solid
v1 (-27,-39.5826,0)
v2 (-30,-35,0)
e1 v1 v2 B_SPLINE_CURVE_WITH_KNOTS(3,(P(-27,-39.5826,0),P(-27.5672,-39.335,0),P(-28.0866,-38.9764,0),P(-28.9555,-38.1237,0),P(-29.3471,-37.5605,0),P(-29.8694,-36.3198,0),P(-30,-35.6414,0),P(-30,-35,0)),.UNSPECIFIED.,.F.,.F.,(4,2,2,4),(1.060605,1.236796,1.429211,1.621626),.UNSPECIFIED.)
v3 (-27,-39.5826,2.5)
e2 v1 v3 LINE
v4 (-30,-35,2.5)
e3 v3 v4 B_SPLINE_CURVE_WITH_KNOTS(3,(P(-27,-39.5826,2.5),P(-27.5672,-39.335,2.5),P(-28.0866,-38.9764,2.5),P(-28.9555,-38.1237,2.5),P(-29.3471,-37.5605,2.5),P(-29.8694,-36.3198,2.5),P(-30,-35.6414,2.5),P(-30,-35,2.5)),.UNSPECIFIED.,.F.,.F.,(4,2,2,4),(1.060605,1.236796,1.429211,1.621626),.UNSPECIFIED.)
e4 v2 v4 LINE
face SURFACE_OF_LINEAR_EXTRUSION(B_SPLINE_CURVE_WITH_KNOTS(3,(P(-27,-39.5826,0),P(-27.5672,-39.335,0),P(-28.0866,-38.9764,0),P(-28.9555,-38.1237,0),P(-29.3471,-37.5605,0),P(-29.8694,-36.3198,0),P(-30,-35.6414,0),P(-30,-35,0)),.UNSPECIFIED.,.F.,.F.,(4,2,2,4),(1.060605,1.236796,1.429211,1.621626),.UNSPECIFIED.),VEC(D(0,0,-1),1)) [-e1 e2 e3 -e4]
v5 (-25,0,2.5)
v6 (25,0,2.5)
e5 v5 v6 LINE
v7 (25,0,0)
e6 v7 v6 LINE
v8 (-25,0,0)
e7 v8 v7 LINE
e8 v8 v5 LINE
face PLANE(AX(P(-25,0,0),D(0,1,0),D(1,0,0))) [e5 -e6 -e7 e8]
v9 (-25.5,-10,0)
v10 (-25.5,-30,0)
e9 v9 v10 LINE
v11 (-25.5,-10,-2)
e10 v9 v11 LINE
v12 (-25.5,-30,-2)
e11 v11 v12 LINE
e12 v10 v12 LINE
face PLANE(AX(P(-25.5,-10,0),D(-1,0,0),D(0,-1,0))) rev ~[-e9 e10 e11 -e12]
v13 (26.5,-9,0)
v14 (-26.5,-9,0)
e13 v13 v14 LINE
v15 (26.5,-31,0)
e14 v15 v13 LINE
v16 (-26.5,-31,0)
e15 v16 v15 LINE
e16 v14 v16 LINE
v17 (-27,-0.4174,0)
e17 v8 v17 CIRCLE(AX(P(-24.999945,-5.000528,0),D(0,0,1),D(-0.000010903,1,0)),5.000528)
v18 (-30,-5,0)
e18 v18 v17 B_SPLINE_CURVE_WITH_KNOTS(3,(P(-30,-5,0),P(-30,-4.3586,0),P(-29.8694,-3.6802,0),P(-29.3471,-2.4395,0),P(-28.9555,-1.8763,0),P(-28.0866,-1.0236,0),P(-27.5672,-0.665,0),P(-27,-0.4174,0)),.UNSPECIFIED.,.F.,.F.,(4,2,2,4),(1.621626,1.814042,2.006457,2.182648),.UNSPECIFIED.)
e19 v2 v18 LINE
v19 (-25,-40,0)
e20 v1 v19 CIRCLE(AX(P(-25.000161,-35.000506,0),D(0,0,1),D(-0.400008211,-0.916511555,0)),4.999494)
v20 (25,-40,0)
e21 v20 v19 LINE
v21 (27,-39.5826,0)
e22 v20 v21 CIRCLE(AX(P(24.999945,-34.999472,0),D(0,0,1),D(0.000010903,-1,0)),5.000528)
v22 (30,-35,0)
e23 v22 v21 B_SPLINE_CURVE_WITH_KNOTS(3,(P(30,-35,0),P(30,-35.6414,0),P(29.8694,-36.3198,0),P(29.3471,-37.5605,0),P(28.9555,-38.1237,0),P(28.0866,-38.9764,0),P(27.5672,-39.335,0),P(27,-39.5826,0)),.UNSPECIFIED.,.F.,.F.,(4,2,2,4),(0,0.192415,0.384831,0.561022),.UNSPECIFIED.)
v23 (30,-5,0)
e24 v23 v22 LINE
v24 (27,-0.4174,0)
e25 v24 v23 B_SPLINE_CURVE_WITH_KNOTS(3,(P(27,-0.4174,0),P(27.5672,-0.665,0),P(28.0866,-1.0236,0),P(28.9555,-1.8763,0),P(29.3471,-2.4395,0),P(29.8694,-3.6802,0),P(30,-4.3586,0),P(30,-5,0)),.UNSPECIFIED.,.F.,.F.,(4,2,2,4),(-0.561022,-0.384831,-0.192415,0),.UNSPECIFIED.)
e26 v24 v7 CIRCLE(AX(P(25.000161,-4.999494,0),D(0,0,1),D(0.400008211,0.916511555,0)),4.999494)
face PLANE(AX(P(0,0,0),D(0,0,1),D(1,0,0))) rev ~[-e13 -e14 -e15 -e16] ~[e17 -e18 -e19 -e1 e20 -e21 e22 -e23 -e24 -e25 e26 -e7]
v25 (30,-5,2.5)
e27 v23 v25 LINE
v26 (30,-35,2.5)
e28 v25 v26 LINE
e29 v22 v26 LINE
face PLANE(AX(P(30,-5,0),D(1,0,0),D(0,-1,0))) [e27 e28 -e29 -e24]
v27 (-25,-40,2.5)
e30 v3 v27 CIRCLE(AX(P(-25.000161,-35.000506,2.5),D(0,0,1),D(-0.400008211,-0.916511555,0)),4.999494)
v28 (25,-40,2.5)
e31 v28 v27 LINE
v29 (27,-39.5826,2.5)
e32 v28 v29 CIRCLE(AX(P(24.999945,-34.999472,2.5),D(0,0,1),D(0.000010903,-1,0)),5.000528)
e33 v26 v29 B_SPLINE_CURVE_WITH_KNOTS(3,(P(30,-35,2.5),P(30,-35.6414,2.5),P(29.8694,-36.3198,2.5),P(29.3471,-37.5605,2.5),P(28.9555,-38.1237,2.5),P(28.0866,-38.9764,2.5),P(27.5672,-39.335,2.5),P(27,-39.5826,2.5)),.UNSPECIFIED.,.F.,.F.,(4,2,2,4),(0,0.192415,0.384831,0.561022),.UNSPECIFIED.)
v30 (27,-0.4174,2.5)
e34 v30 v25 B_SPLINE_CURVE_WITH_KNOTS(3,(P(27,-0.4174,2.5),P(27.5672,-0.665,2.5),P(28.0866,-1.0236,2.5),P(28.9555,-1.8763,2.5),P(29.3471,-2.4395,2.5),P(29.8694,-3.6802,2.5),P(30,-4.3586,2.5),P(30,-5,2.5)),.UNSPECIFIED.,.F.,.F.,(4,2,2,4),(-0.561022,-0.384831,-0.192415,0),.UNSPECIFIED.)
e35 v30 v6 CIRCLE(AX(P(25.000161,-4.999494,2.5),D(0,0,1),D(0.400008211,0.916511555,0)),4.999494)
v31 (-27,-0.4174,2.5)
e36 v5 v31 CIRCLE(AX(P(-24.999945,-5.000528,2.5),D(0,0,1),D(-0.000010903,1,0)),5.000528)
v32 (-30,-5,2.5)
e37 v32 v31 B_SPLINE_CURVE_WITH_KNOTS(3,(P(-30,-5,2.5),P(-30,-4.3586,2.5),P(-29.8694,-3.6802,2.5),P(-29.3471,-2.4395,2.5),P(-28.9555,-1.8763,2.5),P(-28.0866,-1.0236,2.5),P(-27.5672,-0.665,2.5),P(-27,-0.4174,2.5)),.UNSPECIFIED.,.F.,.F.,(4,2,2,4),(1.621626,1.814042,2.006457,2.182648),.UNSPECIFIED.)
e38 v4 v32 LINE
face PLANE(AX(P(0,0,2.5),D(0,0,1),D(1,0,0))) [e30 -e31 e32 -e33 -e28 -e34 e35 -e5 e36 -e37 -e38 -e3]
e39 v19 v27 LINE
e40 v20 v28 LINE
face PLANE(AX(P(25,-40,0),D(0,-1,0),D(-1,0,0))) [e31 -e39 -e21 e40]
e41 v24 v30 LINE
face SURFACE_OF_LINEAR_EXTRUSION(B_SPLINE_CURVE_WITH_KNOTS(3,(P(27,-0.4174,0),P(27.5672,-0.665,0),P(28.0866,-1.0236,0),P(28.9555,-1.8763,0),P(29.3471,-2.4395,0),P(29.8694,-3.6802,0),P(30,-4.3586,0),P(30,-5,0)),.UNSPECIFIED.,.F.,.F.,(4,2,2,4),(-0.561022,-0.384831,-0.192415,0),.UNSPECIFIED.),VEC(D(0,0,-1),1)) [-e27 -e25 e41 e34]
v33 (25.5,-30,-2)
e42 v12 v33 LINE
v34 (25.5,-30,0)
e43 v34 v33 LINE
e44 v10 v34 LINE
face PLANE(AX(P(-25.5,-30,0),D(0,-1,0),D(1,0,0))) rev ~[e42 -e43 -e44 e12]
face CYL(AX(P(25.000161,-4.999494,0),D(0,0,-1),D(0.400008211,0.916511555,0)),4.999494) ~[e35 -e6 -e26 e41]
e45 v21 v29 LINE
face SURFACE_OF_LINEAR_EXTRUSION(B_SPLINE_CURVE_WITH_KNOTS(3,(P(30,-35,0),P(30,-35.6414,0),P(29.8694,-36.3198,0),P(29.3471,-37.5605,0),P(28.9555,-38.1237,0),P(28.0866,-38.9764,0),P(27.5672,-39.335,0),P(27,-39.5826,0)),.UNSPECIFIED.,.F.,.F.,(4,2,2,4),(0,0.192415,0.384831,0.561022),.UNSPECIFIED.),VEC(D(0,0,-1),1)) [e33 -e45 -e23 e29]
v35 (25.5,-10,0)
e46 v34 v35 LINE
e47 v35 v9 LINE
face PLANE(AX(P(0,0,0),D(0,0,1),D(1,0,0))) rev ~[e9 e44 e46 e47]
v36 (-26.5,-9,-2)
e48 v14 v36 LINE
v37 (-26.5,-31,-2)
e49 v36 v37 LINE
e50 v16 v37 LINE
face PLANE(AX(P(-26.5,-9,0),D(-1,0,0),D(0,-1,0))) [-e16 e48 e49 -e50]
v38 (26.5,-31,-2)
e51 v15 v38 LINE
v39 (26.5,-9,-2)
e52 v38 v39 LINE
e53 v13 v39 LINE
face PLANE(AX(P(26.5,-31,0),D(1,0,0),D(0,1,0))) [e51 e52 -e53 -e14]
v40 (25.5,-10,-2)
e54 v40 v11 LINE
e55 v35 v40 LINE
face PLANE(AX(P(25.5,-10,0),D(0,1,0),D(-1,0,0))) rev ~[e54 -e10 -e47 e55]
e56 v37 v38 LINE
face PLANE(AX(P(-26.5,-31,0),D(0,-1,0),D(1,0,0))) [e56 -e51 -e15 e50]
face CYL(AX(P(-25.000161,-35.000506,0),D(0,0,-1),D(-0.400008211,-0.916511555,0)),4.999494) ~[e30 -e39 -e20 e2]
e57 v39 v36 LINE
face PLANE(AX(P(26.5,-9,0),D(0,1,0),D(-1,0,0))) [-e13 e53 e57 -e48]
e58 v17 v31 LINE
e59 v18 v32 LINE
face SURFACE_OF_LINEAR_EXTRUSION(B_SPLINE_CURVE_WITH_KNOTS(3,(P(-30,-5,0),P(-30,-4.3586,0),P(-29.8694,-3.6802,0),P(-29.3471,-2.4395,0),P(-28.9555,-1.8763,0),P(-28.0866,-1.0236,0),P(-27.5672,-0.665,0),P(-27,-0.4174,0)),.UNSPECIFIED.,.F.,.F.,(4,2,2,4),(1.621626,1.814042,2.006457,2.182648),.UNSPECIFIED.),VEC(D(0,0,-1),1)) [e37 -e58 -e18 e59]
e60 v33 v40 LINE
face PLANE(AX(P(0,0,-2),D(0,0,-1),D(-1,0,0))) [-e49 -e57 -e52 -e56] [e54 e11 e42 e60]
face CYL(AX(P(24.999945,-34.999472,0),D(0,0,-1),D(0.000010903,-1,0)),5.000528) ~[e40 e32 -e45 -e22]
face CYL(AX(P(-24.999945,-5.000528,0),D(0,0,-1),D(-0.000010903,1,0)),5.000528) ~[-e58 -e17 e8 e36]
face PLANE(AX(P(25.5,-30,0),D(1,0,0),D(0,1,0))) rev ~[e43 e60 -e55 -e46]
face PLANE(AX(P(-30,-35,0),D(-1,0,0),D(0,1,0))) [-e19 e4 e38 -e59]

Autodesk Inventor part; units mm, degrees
ref_plane "YZ Plane" through (0, 0, 0) normal (1, 0, 0) x (0, 1, 0)
ref_plane "XZ Plane" through (0, 0, 0) normal (0, 1, 0) x (-1, 0, 0)
ref_plane "XY Plane" through (0, 0, 0) normal (0, 0, 1) x (1, 0, 0)
sketch "Sketch1" plane through (0, 0, 0) normal (0, 0, 1) x (1, 0, 0)
  spline S0 degree 3 poles (-30, -5) (-30, -4.3586) (-29.8694, -3.6802) (-29.3471, -2.4395) (-28.9555, -1.8763) (-28.0866, -1.0236) (-27.5672, -0.665) (-27, -0.4174) knots 1.621626 1.621626 1.621626 1.621626 1.814042 1.814042 2.006457 2.006457 2.182648 2.182648 2.182648 2.182648 projected
  line L0 (-25, 0) -> (25, 0) projected
  spline S1 degree 3 poles (27, -0.4174) (27.5672, -0.665) (28.0866, -1.0236) (28.9555, -1.8763) (29.3471, -2.4395) (29.8694, -3.6802) (30, -4.3586) (30, -5) knots -0.561022 -0.561022 -0.561022 -0.561022 -0.384831 -0.384831 -0.192415 -0.192415 0 0 0 0 projected
  line L1 (30, -5) -> (30, -35) projected
  spline S2 degree 3 poles (30, -35) (30, -35.6414) (29.8694, -36.3198) (29.3471, -37.5605) (28.9555, -38.1237) (28.0866, -38.9764) (27.5672, -39.335) (27, -39.5826) knots 0 0 0 0 0.192415 0.192415 0.384831 0.384831 0.561022 0.561022 0.561022 0.561022 projected
  line L2 (25, -40) -> (-25, -40) projected
  line L3 (-30, -35) -> (-30, -5) projected
  spline S3 degree 3 poles (-27, -39.5826) (-27.5672, -39.335) (-28.0866, -38.9764) (-28.9555, -38.1237) (-29.3471, -37.5605) (-29.8694, -36.3198) (-30, -35.6414) (-30, -35) knots 1.060605 1.060605 1.060605 1.060605 1.236796 1.236796 1.429211 1.429211 1.621626 1.621626 1.621626 1.621626 projected
  arc A0 (-25, 0) -> (-27, -0.4174) centre (-25, -5) ccw projected
  arc A1 (27, -0.4174) -> (25, 0) centre (25, -5) ccw projected
  arc A2 (25, -40) -> (27, -39.5826) centre (25, -35) ccw projected
  arc A3 (-27, -39.5826) -> (-25, -40) centre (-25, -35) ccw projected
  point P0 (0, 0)
  dimension "d8" = 60
  dimension "d9" = 40
extrude "Extrusion1" add sketch "Sketch1" along normal blind 2.5
sketch "Sketch2" plane through (0, 0, 0) normal (0, 0, -1) x (-1, 0, 0)
  line L0 (-25.5, -10) -> (25.5, -10)
  line L1 (25.5, -10) -> (25.5, -30)
  line L2 (25.5, -30) -> (-25.5, -30)
  line L3 (-25.5, -30) -> (-25.5, -10)
  line L4 (-25.5, -10) -> (25.5, -30) construction
  line L5 (25.5, -10) -> (-25.5, -30) construction
  line L6 (-26.5, -9) -> (26.5, -9)
  line L7 (26.5, -9) -> (26.5, -31)
  line L8 (26.5, -31) -> (-26.5, -31)
  line L9 (-26.5, -31) -> (-26.5, -9)
  line L10 (-26.5, -9) -> (26.5, -31) construction
  line L11 (26.5, -9) -> (-26.5, -31) construction
  point P0 (0, 0)
  point P1 (0, -20)
  point P2 (0, -20)
  dimension "d2" = 51
  dimension "d3" = 20
  dimension "d4" = 53
  dimension "d5" = 22
extrude "Extrusion2" add sketch "Sketch2" along normal blind 2
properties part number "obudowa - budzik v3 plexi" material "Glass"
